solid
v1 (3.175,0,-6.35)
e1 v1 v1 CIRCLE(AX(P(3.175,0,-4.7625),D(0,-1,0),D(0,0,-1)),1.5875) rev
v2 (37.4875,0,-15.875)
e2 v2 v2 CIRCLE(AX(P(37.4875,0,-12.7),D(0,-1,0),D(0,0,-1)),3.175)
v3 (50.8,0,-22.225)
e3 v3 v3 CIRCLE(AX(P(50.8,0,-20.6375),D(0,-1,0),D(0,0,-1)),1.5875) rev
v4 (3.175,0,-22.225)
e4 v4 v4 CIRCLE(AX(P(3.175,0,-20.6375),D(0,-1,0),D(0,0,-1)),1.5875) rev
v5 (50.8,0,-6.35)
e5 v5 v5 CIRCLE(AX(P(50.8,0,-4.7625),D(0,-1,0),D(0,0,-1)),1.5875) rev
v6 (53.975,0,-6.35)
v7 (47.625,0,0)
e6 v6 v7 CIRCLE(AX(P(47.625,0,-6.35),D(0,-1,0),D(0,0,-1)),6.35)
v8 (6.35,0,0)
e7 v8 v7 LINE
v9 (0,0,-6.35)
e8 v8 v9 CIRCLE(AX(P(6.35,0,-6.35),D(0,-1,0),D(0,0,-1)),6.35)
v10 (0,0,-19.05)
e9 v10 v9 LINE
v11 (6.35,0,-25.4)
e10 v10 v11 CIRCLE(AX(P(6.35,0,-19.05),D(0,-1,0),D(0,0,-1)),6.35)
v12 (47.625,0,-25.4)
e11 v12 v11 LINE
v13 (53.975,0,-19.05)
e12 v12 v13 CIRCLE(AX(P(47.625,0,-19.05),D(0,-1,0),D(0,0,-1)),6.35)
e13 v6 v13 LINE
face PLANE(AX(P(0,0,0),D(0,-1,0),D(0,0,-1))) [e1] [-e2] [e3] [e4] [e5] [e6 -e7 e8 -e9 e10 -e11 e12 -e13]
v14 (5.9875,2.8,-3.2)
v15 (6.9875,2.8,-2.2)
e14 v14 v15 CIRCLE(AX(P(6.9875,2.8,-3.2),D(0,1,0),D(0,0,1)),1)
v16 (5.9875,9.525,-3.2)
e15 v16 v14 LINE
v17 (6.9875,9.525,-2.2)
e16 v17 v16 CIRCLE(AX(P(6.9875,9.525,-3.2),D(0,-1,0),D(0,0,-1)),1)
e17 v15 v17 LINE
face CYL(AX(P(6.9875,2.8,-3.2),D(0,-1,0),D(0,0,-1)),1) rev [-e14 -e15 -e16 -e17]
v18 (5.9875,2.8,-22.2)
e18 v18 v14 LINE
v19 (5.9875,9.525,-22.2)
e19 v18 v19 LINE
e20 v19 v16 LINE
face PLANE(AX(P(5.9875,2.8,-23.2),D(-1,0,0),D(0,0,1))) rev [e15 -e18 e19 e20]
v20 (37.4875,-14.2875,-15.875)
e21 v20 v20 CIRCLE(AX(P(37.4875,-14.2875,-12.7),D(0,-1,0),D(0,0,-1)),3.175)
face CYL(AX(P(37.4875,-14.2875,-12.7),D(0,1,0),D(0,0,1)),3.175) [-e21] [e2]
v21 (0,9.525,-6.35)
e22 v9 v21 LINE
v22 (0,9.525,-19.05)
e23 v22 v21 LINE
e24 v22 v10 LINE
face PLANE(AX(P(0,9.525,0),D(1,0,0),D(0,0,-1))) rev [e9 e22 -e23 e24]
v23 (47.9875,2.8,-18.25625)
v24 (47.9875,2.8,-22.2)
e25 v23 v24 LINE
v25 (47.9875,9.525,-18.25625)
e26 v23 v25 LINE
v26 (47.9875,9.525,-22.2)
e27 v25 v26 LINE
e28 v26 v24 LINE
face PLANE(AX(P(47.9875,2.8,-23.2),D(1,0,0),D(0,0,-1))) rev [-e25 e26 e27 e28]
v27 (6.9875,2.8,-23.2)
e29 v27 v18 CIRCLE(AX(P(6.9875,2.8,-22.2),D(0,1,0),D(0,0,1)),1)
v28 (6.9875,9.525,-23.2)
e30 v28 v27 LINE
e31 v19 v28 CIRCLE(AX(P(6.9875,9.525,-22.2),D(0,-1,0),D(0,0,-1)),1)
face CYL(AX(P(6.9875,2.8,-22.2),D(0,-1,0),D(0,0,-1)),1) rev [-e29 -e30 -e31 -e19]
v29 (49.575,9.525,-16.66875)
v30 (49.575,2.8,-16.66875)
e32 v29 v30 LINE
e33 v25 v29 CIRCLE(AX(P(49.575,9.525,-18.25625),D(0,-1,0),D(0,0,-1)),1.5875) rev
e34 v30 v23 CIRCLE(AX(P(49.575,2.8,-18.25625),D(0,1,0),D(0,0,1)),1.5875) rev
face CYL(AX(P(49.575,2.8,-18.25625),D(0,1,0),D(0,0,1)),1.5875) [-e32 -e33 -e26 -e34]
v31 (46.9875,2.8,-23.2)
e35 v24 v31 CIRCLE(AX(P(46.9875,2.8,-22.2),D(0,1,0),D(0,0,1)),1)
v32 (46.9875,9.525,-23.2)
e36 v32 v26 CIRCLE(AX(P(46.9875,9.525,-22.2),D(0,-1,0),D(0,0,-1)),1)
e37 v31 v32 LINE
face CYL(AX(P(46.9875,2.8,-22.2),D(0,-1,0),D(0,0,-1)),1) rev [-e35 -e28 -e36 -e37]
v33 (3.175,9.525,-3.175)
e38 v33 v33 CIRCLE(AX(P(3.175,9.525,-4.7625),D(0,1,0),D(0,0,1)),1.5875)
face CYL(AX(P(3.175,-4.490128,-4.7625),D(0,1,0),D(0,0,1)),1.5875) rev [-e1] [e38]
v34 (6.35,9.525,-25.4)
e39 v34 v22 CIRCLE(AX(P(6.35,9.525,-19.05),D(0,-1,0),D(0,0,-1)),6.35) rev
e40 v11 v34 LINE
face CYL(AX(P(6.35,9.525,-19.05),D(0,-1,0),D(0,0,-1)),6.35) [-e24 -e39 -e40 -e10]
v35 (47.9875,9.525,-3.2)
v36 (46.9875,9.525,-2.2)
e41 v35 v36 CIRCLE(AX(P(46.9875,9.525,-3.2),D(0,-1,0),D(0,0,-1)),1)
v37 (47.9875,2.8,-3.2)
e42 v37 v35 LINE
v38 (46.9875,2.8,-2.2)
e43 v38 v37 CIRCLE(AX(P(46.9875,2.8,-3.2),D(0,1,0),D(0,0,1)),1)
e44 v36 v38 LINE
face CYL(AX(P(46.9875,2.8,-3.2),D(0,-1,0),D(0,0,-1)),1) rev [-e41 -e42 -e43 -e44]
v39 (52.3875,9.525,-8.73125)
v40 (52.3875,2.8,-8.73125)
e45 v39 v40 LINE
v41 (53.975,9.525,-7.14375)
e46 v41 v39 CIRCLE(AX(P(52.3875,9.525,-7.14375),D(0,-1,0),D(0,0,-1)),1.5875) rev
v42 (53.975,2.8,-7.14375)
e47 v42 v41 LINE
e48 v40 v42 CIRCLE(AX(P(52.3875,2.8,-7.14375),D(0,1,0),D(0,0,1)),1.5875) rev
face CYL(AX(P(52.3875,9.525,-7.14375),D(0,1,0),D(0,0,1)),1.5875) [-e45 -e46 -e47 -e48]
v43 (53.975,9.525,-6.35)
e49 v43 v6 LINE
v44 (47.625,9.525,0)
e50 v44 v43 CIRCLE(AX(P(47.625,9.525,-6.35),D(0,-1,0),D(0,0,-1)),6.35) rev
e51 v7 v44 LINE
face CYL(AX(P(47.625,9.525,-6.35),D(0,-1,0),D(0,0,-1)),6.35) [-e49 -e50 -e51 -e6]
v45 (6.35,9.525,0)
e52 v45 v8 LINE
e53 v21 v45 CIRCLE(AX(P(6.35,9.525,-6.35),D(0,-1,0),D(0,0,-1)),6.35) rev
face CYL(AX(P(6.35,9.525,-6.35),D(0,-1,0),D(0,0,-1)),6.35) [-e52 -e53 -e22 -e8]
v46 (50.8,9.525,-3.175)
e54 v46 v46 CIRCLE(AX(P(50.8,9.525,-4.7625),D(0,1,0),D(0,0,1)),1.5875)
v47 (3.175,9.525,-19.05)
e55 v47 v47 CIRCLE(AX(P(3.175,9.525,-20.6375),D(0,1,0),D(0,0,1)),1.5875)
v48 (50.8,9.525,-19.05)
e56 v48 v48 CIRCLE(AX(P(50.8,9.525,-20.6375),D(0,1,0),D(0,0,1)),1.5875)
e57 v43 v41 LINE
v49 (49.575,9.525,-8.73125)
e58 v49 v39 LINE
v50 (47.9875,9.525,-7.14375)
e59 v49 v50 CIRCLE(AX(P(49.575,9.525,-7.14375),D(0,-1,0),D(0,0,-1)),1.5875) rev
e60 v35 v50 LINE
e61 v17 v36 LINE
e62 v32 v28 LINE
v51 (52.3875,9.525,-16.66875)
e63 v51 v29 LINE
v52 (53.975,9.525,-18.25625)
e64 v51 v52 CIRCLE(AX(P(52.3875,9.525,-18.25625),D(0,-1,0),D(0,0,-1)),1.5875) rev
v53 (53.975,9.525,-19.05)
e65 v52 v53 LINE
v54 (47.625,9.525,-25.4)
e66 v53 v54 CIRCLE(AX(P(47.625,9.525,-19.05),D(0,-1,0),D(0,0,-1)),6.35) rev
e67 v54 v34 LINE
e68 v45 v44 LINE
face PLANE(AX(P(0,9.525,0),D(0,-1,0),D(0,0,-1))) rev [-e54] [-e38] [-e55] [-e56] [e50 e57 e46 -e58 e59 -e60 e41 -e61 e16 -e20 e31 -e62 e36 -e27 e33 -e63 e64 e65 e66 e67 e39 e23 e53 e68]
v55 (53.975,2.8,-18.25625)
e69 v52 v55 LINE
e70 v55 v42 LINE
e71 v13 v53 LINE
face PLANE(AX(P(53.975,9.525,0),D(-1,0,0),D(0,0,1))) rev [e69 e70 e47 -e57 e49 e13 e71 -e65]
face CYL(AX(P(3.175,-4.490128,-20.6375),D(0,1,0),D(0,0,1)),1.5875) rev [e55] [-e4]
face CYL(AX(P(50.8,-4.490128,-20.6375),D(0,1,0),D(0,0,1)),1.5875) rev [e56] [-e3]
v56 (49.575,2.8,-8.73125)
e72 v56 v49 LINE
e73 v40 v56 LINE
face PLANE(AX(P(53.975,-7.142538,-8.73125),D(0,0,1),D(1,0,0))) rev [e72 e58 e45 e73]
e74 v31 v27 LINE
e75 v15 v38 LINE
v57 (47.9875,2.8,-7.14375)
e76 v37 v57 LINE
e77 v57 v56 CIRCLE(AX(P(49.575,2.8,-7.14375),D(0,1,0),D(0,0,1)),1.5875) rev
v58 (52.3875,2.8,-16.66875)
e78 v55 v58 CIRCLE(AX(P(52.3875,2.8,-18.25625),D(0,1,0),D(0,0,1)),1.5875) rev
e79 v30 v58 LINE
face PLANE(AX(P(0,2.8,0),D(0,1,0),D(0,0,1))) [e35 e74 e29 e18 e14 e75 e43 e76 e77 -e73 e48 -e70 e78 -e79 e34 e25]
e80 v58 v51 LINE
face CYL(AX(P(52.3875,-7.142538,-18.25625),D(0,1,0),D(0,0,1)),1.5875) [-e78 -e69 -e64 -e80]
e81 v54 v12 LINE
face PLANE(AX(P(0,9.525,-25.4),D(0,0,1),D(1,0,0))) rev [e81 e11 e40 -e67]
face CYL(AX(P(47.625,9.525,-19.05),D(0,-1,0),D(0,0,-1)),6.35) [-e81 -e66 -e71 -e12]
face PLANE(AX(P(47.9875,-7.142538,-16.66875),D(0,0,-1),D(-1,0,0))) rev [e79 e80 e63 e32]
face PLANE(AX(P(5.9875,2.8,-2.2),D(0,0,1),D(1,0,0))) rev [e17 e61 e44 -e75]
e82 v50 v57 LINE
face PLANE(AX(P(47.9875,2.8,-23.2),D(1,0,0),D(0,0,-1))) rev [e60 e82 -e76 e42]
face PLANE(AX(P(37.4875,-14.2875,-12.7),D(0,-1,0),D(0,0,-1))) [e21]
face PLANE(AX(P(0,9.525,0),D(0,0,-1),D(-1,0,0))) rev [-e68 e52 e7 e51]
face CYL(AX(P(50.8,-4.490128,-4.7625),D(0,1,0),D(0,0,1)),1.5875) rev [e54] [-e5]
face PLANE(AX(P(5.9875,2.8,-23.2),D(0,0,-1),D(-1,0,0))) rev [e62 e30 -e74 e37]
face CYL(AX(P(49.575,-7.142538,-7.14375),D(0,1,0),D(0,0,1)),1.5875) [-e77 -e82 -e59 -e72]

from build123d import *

# Parameters (mm, degrees)
SKETCH1_W           = 53.975
SKETCH1_H           = 25.4
BOSS_EXTRUDE1_DEPTH = 9.525
SKETCH2_W           = 42
SKETCH2_H           = 21
CUT_EXTRUDE1_DEPTH  = 6.725
FILLET1_R           = 1
SKETCH3_R           = 3.175
BOSS_EXTRUDE2_DEPTH = 14.2875
SKETCH4_R           = 1.5875
CUT_EXTRUDE2_DEPTH  = 9.525
FILLET2_R           = 6.35
SKETCH5_W           = 5.9875
SKETCH5_H           = 7.9375
CUT_EXTRUDE3_DEPTH  = 6.725
FILLET3_R           = 1.5875


with BuildPart() as part:
    # Sketch1 → Boss-Extrude1 (new body)
    with BuildSketch(Plane(origin=(0, 0, 0), x_dir=(1, 0, 0), z_dir=(0, 1, 0))):
        with Locations((26.9875, 12.7)):
            Rectangle(SKETCH1_W, SKETCH1_H)
    extrude(amount=BOSS_EXTRUDE1_DEPTH)

    # Sketch2 → Cut-Extrude1 (cut)
    with BuildSketch(Plane(origin=(0, 9.525, 0), x_dir=(1, 0, 0), z_dir=(0, 1, 0))):
        with Locations((26.9875, 12.7)):
            Rectangle(SKETCH2_W, SKETCH2_H)
    extrude(amount=-CUT_EXTRUDE1_DEPTH, mode=Mode.SUBTRACT)

    # Fillet1
    fillet1_edges = [part.edges().sort_by_distance(p)[0] for p in [
        (5.9875, 6.1625, -2.2),
        (5.9875, 6.1625, -23.2),
        (47.9875, 6.1625, -23.2),
        (47.9875, 6.1625, -2.2),
    ]]
    fillet(fillet1_edges, radius=FILLET1_R)

    # Sketch3 → Boss-Extrude2 (add)
    with BuildSketch(Plane.XZ):
        with Locations((37.4875, -12.7)):
            Circle(SKETCH3_R)
    extrude(amount=BOSS_EXTRUDE2_DEPTH)

    # Sketch4 → Cut-Extrude2 (cut)
    with BuildSketch(Plane(origin=(0, 9.525, 0), x_dir=(1, 0, 0), z_dir=(0, 1, 0))):
        with Locations((3.175, 20.6375)):
            Circle(SKETCH4_R)
        with Locations((3.175, 4.7625)):
            Circle(SKETCH4_R)
        with Locations((50.8, 20.6375)):
            Circle(SKETCH4_R)
        with Locations((50.8, 4.7625)):
            Circle(SKETCH4_R)
    extrude(amount=-CUT_EXTRUDE2_DEPTH, mode=Mode.SUBTRACT)

    # Fillet2
    fillet2_edges = [part.edges().sort_by_distance(p)[0] for p in [
        (0, 4.7625, -25.4),
        (53.975, 4.7625, -25.4),
        (53.975, 4.7625, 0),
        (0, 4.7625, 0),
    ]]
    fillet(fillet2_edges, radius=FILLET2_R)

    # Sketch5 → Cut-Extrude3 (cut)
    with BuildSketch(Plane(origin=(0, 9.525, 0), x_dir=(1, 0, 0), z_dir=(0, 1, 0))):
        with Locations((50.98125, 12.7)):
            Rectangle(SKETCH5_W, SKETCH5_H)
    extrude(amount=-CUT_EXTRUDE3_DEPTH, mode=Mode.SUBTRACT)

    # Fillet3
    fillet3_edges = [part.edges().sort_by_distance(p)[0] for p in [
        (53.975, 6.1625, -8.73125),
        (47.9875, 6.1625, -8.73125),
        (47.9875, 6.1625, -16.66875),
        (53.975, 6.1625, -16.66875),
    ]]
    fillet(fillet3_edges, radius=FILLET3_R)


solid = part.part
